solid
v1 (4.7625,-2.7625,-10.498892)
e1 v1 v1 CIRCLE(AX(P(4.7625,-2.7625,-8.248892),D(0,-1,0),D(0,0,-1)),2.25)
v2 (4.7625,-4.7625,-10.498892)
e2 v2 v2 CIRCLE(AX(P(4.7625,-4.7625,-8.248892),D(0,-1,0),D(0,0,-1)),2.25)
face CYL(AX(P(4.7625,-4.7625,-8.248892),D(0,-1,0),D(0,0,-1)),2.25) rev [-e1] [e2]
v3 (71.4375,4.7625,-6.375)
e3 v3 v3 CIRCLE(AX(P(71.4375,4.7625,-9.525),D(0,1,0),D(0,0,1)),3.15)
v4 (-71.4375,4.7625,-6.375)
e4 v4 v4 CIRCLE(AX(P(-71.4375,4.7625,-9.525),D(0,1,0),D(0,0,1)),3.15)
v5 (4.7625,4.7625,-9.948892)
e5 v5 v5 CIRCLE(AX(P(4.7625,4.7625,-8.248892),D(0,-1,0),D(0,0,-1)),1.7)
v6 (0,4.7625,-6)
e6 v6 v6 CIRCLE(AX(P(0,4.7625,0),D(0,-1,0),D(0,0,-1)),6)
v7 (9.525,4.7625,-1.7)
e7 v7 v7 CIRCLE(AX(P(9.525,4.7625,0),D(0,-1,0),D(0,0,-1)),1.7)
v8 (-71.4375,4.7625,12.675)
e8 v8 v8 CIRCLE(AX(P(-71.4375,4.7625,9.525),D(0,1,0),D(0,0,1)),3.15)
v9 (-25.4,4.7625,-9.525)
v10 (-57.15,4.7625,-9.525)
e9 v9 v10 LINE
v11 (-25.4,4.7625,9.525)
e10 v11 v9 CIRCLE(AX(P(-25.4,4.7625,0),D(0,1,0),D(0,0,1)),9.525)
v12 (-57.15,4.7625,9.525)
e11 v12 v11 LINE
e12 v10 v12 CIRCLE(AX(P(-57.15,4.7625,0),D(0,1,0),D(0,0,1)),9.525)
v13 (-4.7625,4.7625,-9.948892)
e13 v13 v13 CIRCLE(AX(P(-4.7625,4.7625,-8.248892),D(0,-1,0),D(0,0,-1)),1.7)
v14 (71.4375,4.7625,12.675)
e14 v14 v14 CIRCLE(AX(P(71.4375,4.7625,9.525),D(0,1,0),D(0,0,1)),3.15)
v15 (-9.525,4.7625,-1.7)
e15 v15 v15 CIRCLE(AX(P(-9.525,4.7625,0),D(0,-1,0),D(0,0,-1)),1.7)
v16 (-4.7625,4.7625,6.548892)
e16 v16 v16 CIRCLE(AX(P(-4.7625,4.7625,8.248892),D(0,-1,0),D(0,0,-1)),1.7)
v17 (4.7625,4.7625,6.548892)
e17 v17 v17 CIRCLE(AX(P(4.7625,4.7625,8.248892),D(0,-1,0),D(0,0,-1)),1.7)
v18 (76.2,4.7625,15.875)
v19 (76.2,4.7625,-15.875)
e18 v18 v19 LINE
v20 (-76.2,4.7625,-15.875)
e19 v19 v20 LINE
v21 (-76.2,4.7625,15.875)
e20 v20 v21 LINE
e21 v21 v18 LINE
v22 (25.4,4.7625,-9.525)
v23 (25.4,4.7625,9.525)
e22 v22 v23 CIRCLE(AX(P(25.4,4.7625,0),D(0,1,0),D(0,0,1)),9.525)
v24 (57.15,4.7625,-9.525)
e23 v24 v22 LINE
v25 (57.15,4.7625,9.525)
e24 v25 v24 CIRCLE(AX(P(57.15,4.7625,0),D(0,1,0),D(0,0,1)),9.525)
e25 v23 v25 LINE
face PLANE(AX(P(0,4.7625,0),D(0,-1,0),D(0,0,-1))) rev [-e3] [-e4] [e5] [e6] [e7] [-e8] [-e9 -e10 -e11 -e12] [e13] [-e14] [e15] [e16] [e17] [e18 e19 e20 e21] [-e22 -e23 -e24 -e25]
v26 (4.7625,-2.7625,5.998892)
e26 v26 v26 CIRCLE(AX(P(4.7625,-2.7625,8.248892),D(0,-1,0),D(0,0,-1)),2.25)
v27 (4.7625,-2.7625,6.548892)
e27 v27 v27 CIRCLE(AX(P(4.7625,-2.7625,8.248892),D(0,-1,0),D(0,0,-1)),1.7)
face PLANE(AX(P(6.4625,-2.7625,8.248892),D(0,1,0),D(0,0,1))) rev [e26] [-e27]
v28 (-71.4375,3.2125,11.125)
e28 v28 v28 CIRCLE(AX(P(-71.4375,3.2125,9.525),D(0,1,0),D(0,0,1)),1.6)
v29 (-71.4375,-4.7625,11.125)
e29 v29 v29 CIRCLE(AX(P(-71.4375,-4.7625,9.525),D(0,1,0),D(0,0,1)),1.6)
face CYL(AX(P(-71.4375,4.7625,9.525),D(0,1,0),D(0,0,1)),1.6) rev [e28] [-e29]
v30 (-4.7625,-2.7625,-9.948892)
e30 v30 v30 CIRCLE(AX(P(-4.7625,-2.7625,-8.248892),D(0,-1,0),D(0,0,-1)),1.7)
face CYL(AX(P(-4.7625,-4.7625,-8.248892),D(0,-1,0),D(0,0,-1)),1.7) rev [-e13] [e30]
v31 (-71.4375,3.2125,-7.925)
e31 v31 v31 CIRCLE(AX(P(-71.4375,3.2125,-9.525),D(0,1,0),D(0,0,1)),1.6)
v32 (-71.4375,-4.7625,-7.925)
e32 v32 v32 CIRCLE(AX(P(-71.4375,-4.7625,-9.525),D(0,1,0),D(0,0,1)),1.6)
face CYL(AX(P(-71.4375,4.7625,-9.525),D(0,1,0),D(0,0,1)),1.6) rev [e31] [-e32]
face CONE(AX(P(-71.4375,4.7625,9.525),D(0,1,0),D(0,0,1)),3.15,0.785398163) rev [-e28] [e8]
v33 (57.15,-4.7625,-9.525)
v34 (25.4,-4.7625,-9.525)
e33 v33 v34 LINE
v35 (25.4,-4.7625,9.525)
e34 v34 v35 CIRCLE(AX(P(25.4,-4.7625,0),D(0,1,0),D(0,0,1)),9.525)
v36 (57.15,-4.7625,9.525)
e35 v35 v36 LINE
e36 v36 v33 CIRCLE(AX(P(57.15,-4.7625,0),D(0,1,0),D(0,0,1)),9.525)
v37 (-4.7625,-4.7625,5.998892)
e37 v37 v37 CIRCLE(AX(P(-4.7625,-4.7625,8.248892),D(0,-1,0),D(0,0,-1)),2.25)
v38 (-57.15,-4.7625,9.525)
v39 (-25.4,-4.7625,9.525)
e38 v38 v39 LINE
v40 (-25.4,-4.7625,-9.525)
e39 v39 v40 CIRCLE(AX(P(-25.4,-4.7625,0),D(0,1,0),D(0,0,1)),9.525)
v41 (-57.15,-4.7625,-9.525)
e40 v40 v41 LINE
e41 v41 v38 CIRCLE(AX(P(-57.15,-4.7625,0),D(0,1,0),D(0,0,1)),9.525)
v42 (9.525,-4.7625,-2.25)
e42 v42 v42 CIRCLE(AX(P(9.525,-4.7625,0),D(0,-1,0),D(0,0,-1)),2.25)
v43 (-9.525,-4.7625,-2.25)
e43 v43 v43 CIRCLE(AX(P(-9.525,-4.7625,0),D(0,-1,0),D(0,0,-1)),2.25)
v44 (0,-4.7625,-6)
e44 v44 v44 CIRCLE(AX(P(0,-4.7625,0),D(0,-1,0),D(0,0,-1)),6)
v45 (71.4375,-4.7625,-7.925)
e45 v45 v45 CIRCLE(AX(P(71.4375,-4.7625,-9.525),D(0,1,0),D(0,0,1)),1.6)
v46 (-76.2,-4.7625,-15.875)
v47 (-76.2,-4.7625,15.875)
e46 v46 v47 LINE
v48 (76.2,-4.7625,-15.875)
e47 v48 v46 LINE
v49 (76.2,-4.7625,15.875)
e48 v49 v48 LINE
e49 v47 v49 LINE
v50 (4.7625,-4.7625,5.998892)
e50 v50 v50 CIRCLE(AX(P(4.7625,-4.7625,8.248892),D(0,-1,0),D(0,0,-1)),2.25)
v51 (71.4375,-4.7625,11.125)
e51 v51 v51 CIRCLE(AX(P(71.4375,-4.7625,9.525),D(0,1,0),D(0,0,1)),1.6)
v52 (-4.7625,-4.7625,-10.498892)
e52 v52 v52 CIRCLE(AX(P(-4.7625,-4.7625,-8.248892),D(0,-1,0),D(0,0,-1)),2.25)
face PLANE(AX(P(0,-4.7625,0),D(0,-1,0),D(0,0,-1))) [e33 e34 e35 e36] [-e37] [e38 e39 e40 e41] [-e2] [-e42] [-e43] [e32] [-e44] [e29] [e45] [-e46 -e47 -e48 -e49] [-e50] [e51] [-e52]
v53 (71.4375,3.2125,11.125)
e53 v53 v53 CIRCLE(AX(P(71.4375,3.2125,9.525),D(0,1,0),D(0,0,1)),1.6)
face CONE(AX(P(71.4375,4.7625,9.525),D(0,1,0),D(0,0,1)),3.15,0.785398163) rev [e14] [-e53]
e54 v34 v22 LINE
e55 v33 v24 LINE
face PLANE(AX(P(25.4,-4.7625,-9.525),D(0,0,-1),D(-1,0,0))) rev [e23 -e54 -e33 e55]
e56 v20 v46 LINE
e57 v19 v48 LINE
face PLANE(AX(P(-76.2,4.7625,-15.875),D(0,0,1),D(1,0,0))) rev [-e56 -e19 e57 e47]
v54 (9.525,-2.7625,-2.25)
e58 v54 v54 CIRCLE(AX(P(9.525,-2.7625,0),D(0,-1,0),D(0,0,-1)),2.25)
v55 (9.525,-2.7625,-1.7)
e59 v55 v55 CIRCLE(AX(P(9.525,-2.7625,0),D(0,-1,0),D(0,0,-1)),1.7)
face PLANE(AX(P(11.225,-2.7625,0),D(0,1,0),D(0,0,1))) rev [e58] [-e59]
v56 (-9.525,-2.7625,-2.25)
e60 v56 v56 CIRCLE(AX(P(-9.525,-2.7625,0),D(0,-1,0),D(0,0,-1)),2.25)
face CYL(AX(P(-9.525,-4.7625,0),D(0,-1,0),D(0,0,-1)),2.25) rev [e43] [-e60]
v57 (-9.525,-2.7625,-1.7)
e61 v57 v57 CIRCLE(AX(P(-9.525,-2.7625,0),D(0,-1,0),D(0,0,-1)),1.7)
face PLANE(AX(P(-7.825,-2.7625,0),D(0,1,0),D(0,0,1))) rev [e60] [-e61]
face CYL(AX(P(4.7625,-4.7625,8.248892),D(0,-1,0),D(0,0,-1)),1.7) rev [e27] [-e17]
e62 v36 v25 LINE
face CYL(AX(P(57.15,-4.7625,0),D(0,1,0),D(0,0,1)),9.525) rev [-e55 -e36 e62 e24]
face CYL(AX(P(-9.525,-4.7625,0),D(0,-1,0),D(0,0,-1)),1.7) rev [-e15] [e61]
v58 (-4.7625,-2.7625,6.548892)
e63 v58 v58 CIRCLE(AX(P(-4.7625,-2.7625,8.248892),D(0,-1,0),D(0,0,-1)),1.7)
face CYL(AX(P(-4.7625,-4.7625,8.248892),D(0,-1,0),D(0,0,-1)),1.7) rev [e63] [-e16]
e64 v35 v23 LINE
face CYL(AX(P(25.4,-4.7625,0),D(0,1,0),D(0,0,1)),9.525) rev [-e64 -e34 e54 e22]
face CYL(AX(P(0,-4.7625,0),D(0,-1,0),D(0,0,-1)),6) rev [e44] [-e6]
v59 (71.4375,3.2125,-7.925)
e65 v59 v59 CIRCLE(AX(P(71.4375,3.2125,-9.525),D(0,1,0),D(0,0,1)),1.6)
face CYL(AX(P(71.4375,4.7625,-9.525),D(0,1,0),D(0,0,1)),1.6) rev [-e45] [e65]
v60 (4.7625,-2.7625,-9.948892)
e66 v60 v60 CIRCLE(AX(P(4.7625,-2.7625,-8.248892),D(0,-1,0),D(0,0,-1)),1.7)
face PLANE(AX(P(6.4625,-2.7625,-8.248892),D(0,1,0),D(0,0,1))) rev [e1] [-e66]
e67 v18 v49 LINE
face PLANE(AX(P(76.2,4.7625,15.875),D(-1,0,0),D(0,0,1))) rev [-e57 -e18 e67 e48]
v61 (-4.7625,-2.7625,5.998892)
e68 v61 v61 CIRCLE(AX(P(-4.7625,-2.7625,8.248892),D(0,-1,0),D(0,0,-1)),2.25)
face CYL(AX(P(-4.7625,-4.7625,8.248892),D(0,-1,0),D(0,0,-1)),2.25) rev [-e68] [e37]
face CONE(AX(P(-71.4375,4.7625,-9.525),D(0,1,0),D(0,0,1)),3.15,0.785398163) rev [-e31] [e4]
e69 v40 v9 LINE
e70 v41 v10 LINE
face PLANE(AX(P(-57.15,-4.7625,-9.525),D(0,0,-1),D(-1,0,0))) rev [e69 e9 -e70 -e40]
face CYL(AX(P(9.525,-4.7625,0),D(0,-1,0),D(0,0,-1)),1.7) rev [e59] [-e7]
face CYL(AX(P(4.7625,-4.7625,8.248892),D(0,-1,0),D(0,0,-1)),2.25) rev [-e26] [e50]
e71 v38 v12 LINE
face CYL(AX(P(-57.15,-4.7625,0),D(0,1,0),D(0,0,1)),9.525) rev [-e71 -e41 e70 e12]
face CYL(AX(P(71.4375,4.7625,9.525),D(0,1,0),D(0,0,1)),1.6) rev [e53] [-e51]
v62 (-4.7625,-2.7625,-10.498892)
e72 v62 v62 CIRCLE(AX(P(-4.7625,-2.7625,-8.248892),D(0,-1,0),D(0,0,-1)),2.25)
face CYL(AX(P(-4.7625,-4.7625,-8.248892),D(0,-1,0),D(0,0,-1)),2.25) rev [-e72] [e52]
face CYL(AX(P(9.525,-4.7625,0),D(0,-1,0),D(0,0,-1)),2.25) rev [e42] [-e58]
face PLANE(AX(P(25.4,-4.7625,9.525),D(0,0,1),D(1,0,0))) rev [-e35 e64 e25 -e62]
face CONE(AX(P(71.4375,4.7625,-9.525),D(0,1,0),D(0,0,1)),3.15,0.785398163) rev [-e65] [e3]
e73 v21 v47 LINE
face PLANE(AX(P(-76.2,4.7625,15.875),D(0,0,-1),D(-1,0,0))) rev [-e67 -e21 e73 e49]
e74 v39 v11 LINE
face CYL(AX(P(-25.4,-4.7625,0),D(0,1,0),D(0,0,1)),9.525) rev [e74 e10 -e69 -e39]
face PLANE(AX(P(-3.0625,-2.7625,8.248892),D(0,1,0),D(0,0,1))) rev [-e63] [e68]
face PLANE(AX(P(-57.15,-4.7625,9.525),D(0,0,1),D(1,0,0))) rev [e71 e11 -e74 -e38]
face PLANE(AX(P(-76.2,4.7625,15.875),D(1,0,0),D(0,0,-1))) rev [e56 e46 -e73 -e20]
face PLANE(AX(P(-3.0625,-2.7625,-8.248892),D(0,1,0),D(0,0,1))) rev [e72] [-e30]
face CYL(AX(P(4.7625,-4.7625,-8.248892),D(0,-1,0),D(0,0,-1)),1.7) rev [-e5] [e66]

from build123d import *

# Parameters (mm, degrees)
SKETCH1_W                                       = 152.4
SKETCH1_H                                       = 31.75
BOSS_EXTRUDE1_DEPTH                             = 4.7625
CSK_FOR_M3_FLAT_HEAD_MACHINE_SCREW1_D           = 3.2
CSK_FOR_M3_FLAT_HEAD_MACHINE_SCREW1_CSINK_D     = 6.3
CSK_FOR_M3_FLAT_HEAD_MACHINE_SCREW1_CSINK_ANGLE = 90
F_12_0MM_DOWEL_HOLE1_D                          = 12
CBORE_FOR_M3_SHCS1_D                            = 3.4
CBORE_FOR_M3_SHCS1_CBORE_D                      = 4.5
CBORE_FOR_M3_SHCS1_CBORE_DEPTH                  = 2
CUT_EXTRUDE1_DEPTH                              = 79.416715374


with BuildPart() as part:
    # Sketch1 → Boss-Extrude1 (new, symmetric)
    with BuildSketch(Plane(origin=(0, 0, 0), x_dir=(1, 0, 0), z_dir=(0, 1, 0))):
        Rectangle(SKETCH1_W, SKETCH1_H)
    extrude(amount=BOSS_EXTRUDE1_DEPTH, both=True)

    # CSK for M3 Flat Head Machine Screw1 (through all)
    with Locations(Plane(origin=(0, 4.7625, 0), x_dir=(1, 0, 0), z_dir=(0, 1, 0))):
        with Locations((-71.4375, -9.525), (71.4375, -9.525), (71.4375, 9.525), (-71.4375, 9.525)):
            CounterSinkHole(CSK_FOR_M3_FLAT_HEAD_MACHINE_SCREW1_D / 2, CSK_FOR_M3_FLAT_HEAD_MACHINE_SCREW1_CSINK_D / 2, counter_sink_angle=CSK_FOR_M3_FLAT_HEAD_MACHINE_SCREW1_CSINK_ANGLE)

    # Ø12.0mm Dowel Hole1 (through all)
    with Locations(Plane(origin=(0, -4.7625, 0), x_dir=(-1, 0, 0), z_dir=(0, -1, 0))):
        with Locations((0, 0)):
            Hole(F_12_0MM_DOWEL_HOLE1_D / 2)

    # CBORE for M3 SHCS1 (through all)
    with Locations(Plane(origin=(0, -4.7625, 0), x_dir=(-1, 0, 0), z_dir=(0, -1, 0))):
        with Locations((4.7625, -8.248891971), (9.525, 0), (4.7625, 8.248891971), (-4.7625, 8.248891971), (-9.525, 0), (-4.7625, -8.248891971)):
            CounterBoreHole(CBORE_FOR_M3_SHCS1_D / 2, CBORE_FOR_M3_SHCS1_CBORE_D / 2, CBORE_FOR_M3_SHCS1_CBORE_DEPTH)

    # Sketch15 → Cut-Extrude1 (cut, through all)
    with BuildSketch(Plane(origin=(0, 4.7625, 0), x_dir=(1, 0, 0), z_dir=(0, 1, 0))):
        with BuildLine():
            Line((-57.15, 9.525), (-25.4, 9.525))
            ThreePointArc((-25.4, 9.525), (-15.875, 0), (-25.4, -9.525))
            Line((-25.4, -9.525), (-57.15, -9.525))
            ThreePointArc((-57.15, -9.525), (-66.675, 0), (-57.15, 9.525))
        make_face()
        with BuildLine():
            Line((25.4, 9.525), (57.15, 9.525))
            ThreePointArc((57.15, 9.525), (66.675, 0), (57.15, -9.525))
            Line((57.15, -9.525), (25.4, -9.525))
            ThreePointArc((25.4, -9.525), (15.875, 0), (25.4, 9.525))
        make_face()
    extrude(amount=-CUT_EXTRUDE1_DEPTH, mode=Mode.SUBTRACT)


solid = part.part
